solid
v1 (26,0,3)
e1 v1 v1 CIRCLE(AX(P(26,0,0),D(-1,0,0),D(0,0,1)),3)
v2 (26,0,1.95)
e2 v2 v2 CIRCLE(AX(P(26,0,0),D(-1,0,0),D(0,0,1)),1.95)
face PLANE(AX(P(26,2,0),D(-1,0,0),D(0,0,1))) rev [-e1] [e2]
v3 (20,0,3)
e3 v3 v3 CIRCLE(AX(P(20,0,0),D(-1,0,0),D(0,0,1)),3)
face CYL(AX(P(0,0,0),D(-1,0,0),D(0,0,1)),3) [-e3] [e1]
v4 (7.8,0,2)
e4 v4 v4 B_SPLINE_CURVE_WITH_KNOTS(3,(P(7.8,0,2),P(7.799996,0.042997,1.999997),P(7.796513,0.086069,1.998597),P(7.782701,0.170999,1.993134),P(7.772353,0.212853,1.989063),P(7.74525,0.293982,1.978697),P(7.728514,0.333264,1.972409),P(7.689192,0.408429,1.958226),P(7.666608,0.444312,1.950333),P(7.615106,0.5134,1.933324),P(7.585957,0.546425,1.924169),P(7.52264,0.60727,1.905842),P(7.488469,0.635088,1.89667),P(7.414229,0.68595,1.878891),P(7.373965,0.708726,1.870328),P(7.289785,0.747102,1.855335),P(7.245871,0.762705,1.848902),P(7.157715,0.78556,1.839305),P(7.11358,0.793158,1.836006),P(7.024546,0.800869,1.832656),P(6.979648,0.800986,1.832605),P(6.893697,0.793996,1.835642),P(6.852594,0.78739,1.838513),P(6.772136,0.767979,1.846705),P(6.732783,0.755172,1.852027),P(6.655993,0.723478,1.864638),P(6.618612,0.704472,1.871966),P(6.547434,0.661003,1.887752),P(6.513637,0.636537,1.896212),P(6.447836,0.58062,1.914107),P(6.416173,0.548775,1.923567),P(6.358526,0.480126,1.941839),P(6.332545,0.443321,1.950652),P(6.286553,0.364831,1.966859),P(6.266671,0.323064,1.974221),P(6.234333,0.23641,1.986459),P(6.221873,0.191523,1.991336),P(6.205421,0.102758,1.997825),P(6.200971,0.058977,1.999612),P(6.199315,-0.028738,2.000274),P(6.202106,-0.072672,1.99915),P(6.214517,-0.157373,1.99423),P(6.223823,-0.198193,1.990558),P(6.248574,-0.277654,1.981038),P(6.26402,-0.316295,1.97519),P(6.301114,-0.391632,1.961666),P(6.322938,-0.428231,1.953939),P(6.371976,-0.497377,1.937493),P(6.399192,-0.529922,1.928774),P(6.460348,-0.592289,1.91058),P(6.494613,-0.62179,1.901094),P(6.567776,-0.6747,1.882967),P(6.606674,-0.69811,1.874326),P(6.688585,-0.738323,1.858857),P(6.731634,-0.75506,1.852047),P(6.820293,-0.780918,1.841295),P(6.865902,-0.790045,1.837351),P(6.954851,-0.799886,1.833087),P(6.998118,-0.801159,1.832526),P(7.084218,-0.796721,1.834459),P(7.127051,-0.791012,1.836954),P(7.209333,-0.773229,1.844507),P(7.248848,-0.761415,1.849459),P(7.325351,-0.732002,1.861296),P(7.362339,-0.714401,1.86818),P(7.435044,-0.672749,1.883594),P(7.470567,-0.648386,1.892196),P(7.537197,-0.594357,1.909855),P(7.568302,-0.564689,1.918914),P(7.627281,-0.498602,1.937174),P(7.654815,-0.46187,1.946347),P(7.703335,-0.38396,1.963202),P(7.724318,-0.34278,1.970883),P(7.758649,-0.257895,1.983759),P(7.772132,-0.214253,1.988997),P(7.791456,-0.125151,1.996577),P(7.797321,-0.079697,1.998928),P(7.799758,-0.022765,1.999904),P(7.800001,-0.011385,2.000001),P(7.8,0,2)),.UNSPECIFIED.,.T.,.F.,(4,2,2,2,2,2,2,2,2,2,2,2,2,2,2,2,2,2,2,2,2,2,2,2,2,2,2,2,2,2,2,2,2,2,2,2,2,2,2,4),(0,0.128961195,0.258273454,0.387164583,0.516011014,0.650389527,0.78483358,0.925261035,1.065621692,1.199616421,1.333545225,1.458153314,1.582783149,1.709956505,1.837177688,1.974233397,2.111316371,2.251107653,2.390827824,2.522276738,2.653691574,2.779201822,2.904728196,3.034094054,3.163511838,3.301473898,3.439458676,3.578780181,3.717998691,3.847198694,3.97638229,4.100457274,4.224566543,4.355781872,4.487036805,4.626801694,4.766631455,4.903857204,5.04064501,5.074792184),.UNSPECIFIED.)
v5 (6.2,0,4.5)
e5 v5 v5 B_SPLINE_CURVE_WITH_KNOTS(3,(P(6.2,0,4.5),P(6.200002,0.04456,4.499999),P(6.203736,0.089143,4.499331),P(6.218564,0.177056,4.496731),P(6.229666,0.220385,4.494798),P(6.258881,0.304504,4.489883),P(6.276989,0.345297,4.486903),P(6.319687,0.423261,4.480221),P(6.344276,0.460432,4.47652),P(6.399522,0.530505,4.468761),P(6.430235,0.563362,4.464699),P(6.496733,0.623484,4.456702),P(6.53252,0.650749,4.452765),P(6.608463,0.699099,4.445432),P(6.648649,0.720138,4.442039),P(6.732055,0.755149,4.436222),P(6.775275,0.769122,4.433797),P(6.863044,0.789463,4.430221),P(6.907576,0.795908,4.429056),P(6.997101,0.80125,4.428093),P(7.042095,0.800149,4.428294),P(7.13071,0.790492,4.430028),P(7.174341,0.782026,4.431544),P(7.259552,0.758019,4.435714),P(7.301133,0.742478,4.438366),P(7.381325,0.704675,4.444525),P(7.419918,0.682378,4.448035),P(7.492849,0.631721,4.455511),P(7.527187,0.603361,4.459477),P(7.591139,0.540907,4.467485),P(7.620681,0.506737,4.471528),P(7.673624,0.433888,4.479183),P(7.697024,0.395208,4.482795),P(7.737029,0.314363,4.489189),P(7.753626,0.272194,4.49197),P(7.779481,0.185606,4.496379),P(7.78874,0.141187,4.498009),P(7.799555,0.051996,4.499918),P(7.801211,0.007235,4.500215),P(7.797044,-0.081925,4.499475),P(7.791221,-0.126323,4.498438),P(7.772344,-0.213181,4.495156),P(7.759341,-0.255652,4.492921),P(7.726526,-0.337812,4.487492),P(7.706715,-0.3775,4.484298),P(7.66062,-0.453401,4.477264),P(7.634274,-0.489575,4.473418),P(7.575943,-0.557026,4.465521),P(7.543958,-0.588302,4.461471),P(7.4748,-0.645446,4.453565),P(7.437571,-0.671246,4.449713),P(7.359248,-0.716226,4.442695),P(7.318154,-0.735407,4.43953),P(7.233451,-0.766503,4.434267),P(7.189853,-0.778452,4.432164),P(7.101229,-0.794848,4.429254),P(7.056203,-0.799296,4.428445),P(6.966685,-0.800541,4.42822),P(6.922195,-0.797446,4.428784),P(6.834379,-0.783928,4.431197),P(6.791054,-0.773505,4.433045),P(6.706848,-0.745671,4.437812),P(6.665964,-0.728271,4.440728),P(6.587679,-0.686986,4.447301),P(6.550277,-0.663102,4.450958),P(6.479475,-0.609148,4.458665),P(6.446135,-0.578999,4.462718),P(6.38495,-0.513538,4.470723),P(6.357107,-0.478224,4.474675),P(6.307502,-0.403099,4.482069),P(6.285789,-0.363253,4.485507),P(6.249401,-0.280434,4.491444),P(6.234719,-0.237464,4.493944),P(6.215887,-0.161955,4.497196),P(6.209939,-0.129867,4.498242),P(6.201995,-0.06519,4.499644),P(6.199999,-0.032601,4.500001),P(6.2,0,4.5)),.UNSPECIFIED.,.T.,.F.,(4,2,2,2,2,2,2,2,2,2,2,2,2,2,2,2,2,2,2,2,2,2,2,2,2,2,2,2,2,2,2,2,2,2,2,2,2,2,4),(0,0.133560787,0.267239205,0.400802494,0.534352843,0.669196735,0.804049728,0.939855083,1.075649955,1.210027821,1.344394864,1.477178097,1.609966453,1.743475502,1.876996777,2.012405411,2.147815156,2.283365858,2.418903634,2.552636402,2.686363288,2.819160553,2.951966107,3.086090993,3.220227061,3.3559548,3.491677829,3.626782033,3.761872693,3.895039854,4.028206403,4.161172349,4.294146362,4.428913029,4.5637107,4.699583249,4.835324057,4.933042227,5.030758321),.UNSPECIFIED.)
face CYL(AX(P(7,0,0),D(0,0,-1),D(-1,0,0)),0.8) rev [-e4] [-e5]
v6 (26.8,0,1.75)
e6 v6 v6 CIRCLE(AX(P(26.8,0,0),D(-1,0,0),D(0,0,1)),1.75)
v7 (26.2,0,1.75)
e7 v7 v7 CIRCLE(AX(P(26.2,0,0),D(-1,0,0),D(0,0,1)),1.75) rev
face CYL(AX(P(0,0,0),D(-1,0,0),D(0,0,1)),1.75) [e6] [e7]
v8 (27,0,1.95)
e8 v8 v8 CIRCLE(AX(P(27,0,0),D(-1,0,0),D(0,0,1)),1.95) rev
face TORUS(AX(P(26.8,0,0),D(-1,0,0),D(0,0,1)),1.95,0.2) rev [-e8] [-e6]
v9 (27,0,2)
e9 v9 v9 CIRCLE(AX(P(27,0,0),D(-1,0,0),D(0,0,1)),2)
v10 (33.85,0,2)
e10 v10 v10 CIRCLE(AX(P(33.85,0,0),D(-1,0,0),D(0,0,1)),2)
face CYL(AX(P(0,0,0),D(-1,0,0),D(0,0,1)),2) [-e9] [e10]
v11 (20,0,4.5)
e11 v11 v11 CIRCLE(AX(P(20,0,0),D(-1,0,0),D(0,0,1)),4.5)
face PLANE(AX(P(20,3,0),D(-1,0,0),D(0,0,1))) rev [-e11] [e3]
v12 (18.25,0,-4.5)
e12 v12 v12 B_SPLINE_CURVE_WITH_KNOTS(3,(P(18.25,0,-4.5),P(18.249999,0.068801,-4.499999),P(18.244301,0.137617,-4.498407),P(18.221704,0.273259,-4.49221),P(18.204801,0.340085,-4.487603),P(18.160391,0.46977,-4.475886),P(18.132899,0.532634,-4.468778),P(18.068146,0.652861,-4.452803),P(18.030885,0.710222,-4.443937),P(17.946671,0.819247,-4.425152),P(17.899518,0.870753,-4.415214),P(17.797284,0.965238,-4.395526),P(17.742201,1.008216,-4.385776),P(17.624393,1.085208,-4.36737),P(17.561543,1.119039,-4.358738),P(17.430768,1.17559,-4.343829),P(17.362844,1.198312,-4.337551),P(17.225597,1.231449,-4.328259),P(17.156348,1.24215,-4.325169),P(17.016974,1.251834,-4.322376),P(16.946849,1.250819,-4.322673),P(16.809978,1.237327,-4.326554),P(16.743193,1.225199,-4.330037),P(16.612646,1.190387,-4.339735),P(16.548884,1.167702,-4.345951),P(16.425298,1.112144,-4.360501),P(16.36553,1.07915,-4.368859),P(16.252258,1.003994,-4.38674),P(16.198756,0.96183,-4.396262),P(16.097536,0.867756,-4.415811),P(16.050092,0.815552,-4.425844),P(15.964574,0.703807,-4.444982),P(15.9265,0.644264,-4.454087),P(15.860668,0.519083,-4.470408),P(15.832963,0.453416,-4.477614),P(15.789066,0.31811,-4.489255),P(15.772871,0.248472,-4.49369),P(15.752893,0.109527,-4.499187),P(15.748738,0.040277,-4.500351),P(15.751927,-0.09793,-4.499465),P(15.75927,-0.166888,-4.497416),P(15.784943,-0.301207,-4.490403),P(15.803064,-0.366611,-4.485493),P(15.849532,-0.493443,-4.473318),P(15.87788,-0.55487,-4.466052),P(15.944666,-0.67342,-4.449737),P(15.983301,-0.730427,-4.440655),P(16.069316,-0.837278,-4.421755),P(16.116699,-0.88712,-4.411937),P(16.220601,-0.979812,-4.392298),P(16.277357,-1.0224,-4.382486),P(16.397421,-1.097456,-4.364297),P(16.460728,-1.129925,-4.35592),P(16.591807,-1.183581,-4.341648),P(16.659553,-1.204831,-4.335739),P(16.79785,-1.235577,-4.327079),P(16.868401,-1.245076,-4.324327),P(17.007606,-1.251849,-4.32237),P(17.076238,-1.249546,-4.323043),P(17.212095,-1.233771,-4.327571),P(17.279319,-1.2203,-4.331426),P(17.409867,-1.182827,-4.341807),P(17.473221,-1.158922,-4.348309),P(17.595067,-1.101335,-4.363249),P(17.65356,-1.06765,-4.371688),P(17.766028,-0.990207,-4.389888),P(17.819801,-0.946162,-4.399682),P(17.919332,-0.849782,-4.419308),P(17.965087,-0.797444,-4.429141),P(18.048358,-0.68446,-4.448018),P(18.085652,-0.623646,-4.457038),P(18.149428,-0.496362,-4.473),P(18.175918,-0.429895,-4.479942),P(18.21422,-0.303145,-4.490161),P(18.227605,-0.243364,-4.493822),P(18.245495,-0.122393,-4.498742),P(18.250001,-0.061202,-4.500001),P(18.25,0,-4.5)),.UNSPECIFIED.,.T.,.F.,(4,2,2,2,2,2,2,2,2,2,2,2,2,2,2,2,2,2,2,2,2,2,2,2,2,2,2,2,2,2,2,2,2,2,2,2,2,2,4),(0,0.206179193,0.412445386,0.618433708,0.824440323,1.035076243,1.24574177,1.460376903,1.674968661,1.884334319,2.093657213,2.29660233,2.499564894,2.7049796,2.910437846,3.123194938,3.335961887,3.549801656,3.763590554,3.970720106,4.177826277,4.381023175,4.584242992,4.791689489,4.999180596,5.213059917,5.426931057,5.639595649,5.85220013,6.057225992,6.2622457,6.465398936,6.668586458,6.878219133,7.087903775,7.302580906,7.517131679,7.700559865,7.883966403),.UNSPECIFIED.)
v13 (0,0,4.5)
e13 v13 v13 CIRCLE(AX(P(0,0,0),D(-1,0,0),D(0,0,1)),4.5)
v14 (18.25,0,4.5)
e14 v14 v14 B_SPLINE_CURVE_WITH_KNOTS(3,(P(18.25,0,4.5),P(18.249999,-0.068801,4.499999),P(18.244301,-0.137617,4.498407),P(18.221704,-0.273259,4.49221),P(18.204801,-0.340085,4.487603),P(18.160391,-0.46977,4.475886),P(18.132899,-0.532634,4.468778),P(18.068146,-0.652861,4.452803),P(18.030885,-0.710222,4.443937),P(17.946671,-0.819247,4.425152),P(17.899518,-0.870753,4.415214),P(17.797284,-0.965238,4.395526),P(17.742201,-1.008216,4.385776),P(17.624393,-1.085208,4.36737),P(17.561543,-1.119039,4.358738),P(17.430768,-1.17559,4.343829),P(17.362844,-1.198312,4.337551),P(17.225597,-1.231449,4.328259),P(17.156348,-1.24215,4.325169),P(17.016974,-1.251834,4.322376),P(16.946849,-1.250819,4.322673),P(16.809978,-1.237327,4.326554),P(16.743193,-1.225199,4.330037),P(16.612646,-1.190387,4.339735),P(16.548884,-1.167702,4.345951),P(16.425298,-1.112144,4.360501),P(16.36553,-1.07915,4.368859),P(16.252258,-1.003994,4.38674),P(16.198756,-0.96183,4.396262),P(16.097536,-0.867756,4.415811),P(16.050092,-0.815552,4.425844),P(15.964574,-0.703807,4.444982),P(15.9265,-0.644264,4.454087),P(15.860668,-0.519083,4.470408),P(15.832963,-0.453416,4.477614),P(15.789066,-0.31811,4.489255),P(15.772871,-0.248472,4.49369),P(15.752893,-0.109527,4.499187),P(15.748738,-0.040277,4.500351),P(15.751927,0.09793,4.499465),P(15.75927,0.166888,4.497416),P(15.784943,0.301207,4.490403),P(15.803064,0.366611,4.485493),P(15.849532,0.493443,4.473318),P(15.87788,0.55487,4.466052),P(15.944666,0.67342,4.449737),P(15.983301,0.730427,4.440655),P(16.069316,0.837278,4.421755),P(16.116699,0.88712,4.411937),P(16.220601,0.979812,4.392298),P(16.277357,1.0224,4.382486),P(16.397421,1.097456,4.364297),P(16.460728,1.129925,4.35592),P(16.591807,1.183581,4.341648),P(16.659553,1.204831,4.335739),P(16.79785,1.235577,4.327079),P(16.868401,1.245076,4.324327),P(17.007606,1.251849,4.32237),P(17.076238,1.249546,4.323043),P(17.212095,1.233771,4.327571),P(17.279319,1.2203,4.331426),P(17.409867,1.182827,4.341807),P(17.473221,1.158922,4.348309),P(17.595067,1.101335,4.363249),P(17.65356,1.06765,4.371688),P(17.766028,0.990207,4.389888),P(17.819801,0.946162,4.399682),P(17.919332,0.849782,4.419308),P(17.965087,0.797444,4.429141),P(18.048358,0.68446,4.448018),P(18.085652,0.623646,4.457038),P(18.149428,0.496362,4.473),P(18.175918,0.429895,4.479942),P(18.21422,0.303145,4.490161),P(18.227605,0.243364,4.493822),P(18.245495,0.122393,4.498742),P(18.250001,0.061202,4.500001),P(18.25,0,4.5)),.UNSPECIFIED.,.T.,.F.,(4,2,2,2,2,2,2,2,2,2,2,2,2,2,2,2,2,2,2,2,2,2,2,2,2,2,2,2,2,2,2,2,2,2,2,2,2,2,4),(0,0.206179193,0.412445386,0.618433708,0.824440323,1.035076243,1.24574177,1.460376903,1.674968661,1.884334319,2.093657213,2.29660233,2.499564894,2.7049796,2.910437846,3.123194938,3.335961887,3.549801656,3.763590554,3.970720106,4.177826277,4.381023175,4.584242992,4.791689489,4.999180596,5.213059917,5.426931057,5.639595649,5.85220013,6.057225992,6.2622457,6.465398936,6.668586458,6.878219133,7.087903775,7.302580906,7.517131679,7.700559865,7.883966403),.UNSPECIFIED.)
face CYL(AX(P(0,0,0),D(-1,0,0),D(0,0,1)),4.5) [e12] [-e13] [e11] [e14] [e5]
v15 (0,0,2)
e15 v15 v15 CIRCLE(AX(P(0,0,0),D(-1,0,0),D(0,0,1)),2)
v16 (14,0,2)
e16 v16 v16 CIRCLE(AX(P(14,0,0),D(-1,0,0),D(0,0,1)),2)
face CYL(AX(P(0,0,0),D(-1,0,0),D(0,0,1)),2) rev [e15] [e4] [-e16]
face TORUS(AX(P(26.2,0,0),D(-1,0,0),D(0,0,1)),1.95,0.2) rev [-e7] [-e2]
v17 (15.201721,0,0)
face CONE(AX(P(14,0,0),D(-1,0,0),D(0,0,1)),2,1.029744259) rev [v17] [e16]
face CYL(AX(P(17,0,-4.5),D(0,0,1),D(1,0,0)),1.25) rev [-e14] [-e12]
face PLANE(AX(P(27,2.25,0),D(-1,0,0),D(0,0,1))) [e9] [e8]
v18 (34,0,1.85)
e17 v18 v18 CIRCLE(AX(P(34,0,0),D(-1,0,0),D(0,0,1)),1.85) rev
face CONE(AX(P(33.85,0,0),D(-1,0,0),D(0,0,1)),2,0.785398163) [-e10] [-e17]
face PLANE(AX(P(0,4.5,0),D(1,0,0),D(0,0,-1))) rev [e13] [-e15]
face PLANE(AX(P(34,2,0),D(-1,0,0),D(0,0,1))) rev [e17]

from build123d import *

# Parameters (mm, degrees)
FASE1_SIZE                           = 0.15
SKIZZE2_W                            = 1
SKIZZE2_H                            = 0.5
VERRUNDUNG1_R                        = 0.2
SKIZZE5_W                            = 0.8
SKIZZE5_H                            = 4.5
SKIZZE7_R                            = 1.25
SCHNITT_LINEAR_AUSTRAGEN2_DEPTH      = 5.50000011
SCHNITT_LINEAR_AUSTRAGEN2_DEPTH_BACK = 5.5000001


with BuildPart() as part:
    # Skizze1 → Rotation1 (revolve)
    with BuildSketch(Plane.XY):
        Polygon((0, 4.5), (0, 2), (14, 2), (15.201721238, 0), (34, 0), (34, 2), (26, 2), (26, 3), (20, 3), (20, 4.5), align=None)
    revolve(axis=Axis((0, 0, 0), (1, 0, 0)))

    # Fase1
    fase1_edges = [part.edges().sort_by_distance(p)[0] for p in [
        (34, -2, 0),
    ]]
    chamfer(fase1_edges, length=FASE1_SIZE)

    # Skizze2 → Schnitt-Rotation1 (revolve, cut)
    with BuildSketch(Plane.XY):
        with Locations((26.5, 2)):
            Rectangle(SKIZZE2_W, SKIZZE2_H)
    revolve(axis=Axis((0, 0, 0), (1, 0, 0)), mode=Mode.SUBTRACT)

    # Verrundung1
    verrundung1_edges = [part.edges().sort_by_distance(p)[0] for p in [
        (27, -1.75, 0),
        (26, -1.75, 0),
    ]]
    fillet(verrundung1_edges, radius=VERRUNDUNG1_R)

    # Skizze5 → M2 Gewindebohrung1 (revolve, cut)
    with BuildSketch(Plane.YZ.offset(7)):
        with Locations((0.4, 2.25)):
            Rectangle(SKIZZE5_W, SKIZZE5_H)
    revolve(axis=Axis((7, 0, -6.35), (0, 0, 1)), mode=Mode.SUBTRACT)

    # Skizze7 → Schnitt-Linear austragen2 (cut, two sides)
    with BuildSketch(Plane.XY) as schnitt_linear_austragen2_sk:
        with Locations((17, 0)):
            Circle(SKIZZE7_R)
    extrude(amount=SCHNITT_LINEAR_AUSTRAGEN2_DEPTH, mode=Mode.SUBTRACT)
    extrude(schnitt_linear_austragen2_sk.sketch, amount=-SCHNITT_LINEAR_AUSTRAGEN2_DEPTH_BACK, mode=Mode.SUBTRACT)


solid = part.part
